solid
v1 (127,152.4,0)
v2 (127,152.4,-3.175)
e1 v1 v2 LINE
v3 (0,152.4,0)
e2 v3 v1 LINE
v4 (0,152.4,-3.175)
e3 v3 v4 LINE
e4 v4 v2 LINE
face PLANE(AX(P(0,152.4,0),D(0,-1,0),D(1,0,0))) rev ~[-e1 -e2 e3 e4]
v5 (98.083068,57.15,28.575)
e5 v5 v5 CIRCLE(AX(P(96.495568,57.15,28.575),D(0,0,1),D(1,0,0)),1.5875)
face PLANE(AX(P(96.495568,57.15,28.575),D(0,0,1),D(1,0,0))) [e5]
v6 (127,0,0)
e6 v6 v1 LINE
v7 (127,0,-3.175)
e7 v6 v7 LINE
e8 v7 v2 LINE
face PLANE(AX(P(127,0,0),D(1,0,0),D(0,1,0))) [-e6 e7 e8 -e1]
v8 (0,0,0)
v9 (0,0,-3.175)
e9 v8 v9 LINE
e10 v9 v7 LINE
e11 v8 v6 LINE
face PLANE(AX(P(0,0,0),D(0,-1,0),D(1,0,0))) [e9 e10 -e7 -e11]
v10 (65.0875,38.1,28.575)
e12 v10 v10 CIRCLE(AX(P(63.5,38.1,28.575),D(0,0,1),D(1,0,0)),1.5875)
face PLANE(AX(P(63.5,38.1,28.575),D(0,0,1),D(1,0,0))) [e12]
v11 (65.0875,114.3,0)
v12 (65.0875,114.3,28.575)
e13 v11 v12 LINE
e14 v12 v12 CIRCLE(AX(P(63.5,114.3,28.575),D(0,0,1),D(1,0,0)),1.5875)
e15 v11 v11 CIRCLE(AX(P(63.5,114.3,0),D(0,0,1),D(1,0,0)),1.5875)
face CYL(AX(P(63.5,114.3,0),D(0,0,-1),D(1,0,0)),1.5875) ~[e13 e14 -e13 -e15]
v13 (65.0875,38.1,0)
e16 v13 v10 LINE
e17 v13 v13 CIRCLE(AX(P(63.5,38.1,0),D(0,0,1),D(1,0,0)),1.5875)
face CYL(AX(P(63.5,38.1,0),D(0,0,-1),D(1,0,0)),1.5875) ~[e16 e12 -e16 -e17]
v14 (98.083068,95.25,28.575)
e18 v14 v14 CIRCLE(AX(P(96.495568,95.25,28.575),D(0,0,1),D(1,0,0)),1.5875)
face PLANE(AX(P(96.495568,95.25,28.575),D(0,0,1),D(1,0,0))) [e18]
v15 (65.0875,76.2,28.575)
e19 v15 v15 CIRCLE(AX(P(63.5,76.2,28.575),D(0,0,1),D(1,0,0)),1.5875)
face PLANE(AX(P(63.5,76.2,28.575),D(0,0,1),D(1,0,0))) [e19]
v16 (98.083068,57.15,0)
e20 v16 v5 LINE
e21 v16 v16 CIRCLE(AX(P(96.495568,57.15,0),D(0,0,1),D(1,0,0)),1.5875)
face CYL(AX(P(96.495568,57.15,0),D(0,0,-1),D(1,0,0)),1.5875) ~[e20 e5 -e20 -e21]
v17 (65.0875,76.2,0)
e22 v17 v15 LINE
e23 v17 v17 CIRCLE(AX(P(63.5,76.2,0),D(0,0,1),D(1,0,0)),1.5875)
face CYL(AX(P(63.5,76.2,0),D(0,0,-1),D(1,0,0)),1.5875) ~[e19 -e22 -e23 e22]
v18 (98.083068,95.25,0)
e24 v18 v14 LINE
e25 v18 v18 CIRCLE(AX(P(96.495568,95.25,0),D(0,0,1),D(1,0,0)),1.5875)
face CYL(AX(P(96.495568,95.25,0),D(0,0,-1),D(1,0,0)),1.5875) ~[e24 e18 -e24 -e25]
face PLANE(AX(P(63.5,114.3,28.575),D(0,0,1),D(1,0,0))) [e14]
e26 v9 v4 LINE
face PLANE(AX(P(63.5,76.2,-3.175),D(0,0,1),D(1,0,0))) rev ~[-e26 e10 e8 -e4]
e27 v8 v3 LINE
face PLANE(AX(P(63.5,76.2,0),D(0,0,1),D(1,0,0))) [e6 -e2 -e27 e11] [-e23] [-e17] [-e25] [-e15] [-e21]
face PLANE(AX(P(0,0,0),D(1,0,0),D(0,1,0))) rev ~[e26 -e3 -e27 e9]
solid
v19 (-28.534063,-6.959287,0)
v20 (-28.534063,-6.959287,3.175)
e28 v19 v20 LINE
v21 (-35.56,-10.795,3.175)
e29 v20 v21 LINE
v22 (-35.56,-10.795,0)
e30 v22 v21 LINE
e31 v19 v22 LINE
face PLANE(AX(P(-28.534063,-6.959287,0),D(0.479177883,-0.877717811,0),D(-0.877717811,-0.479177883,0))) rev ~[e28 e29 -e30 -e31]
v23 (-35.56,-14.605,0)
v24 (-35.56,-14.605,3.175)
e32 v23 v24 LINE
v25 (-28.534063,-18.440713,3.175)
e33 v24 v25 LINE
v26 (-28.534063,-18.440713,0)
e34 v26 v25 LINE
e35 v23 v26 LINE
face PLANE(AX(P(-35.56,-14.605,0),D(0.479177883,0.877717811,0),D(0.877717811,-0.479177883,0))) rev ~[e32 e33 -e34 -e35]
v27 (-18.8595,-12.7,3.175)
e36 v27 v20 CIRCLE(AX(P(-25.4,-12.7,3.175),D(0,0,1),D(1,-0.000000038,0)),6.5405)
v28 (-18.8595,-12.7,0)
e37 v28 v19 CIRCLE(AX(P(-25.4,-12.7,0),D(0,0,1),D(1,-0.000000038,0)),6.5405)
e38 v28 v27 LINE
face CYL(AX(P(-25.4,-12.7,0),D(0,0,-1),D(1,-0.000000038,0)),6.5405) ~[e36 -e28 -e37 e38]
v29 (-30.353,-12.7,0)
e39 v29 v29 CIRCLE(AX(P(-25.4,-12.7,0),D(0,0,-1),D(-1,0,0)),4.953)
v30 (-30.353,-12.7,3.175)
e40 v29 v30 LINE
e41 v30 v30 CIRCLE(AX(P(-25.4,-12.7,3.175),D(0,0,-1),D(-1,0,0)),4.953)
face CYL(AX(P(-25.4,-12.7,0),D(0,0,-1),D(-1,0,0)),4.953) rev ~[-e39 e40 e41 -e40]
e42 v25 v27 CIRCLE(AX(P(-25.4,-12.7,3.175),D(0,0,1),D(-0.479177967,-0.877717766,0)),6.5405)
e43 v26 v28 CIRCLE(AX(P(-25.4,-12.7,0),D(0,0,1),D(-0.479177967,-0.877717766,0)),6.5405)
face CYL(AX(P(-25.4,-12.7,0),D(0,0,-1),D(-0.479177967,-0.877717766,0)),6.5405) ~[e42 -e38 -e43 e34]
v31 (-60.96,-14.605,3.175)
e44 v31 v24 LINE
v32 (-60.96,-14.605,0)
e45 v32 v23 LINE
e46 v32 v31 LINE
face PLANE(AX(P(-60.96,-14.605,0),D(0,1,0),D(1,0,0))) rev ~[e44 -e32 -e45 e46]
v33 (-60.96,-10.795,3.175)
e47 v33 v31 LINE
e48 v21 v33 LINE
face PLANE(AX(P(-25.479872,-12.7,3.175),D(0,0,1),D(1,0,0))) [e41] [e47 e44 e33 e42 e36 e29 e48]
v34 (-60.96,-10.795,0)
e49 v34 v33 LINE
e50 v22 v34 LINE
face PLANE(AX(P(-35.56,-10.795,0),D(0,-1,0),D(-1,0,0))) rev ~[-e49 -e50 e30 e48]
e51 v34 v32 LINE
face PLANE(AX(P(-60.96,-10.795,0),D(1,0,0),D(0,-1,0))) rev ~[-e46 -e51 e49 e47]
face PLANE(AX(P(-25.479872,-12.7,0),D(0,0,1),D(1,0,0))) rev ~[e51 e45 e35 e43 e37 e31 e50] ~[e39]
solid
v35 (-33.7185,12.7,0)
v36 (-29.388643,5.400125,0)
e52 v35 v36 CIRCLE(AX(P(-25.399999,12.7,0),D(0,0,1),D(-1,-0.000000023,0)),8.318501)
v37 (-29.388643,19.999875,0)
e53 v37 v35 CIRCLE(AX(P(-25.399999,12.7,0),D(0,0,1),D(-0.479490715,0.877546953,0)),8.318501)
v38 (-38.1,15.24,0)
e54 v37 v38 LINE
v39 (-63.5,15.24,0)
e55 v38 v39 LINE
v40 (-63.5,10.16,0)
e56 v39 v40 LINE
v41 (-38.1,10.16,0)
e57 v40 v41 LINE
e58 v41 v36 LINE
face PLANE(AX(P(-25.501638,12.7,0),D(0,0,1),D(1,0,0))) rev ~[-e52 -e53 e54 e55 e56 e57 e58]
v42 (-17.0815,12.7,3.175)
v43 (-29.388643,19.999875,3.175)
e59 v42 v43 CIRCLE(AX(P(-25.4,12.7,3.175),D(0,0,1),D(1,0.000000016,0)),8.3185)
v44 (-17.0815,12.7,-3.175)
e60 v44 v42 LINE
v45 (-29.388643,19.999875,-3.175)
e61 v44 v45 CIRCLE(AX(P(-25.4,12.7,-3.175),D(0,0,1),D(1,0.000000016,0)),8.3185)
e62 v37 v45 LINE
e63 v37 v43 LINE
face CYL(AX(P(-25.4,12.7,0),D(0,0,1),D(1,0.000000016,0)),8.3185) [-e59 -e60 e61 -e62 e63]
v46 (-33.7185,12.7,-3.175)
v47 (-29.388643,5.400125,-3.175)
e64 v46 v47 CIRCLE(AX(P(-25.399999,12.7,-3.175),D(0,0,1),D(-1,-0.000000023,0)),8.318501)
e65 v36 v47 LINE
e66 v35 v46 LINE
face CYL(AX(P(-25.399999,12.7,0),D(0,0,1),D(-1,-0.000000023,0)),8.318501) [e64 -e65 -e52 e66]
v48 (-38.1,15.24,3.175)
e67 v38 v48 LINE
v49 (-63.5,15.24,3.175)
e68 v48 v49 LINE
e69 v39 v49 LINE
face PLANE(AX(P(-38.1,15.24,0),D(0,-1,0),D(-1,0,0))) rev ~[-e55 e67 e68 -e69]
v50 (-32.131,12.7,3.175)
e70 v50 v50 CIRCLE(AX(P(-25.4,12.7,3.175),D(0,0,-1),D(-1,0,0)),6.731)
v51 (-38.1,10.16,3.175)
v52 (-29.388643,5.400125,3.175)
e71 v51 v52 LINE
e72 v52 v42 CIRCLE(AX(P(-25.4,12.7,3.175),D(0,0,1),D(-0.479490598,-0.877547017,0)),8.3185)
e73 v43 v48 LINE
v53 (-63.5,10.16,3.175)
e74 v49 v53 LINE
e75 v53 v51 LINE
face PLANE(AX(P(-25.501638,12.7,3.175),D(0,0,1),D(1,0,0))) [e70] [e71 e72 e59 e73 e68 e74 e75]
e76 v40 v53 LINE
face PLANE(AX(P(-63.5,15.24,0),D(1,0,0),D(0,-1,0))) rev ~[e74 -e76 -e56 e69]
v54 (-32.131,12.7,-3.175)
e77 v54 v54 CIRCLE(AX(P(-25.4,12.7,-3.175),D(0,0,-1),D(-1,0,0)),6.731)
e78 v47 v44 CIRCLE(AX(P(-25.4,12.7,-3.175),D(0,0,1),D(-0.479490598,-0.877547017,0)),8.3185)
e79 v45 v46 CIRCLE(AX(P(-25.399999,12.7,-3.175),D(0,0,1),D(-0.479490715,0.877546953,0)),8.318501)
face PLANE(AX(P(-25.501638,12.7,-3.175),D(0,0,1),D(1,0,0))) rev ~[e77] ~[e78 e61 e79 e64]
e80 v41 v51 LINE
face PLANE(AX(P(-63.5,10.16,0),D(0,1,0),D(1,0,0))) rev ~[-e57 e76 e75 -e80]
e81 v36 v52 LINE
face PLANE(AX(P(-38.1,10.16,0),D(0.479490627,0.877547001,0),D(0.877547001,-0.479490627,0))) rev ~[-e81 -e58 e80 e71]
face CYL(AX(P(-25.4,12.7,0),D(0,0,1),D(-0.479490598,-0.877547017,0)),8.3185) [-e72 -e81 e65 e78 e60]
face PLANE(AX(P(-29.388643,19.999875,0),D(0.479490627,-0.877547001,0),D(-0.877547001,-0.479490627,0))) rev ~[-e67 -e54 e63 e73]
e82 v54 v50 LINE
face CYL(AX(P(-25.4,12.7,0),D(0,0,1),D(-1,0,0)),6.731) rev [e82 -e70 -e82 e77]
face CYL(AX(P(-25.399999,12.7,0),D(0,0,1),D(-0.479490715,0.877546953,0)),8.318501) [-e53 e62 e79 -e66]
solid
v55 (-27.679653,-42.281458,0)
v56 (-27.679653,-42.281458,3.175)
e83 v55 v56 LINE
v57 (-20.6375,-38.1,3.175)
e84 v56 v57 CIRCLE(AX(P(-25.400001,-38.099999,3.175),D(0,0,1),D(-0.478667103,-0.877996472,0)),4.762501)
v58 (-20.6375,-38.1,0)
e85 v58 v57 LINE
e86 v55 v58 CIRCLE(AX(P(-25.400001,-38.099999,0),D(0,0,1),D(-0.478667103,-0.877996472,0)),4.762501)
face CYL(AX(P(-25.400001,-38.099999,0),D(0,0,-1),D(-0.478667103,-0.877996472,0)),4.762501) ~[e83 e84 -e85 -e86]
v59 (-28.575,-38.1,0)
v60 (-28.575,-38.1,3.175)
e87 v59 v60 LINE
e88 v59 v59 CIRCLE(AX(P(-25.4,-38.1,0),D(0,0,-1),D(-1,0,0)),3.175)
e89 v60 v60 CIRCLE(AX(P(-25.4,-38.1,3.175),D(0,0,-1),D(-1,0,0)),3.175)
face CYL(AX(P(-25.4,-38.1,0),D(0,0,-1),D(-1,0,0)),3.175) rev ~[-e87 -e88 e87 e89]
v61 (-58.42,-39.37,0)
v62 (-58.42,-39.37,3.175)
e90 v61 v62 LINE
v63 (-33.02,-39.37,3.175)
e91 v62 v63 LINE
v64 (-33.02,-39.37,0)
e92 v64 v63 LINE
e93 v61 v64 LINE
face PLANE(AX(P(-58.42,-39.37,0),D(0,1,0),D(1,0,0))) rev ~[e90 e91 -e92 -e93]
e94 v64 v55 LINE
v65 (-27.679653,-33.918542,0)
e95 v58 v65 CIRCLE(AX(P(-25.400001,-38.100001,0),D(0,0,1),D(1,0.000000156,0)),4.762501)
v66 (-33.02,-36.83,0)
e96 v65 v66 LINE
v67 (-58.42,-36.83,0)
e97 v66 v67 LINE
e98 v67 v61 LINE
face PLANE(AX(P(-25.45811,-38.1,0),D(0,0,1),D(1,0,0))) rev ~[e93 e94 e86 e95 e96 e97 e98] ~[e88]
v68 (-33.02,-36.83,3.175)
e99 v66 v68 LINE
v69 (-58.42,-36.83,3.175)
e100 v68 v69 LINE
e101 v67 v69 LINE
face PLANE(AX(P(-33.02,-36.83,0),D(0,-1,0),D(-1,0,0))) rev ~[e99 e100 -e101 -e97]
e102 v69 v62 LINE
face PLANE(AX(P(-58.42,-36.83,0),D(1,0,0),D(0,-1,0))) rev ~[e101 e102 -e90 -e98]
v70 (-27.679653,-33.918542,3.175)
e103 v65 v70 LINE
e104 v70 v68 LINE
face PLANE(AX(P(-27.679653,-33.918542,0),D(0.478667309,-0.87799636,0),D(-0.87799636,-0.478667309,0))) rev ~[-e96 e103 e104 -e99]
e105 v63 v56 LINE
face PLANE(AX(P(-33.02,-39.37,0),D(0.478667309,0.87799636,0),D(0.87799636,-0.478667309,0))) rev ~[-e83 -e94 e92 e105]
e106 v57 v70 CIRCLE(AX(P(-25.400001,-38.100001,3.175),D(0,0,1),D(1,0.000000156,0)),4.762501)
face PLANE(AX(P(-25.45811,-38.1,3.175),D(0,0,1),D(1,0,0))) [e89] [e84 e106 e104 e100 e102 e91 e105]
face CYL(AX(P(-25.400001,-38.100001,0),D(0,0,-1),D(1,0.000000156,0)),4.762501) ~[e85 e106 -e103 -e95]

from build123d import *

# Parameters (mm, degrees)
F0_W     = 127
F0_H     = 152.4
F0_R     = 1.5875
F1_DEPTH = 3.175
F2_DEPTH = 28.575
F3_DEPTH = 3.175
F4_DEPTH = 3.175
F5_DEPTH = 3.175
F6_DEPTH = 3.175


with BuildPart() as f1:
    # F0 (on Top) → F1 (new body)
    with BuildSketch(Plane.XY):
        with Locations((63.5, 76.2)):
            Rectangle(F0_W, F0_H)
        with Locations((63.5, 38.1)):
            Circle(F0_R, mode=Mode.SUBTRACT)
        with Locations((30.504432, 57.15)):
            Circle(F0_R, mode=Mode.SUBTRACT)
        with Locations((30.504432, 95.25)):
            Circle(F0_R, mode=Mode.SUBTRACT)
        with Locations((63.5, 76.2)):
            Circle(F0_R, mode=Mode.SUBTRACT)
        with Locations((96.495568, 57.15)):
            Circle(F0_R, mode=Mode.SUBTRACT)
        with Locations((96.495568, 95.25)):
            Circle(F0_R, mode=Mode.SUBTRACT)
        with Locations((63.5, 114.3)):
            Circle(F0_R, mode=Mode.SUBTRACT)
        with Locations((63.5, 114.3)):
            Circle(F0_R)
        with Locations((96.495568, 95.25)):
            Circle(F0_R)
        with Locations((96.495568, 57.15)):
            Circle(F0_R)
        with Locations((63.5, 38.1)):
            Circle(F0_R)
        with Locations((30.504432, 57.15)):
            Circle(F0_R)
        with Locations((30.504432, 95.25)):
            Circle(F0_R)
        with Locations((63.5, 76.2)):
            Circle(F0_R)
    extrude(amount=-F1_DEPTH)

    # F0 (on Top) → F2 (join)
    with BuildSketch(Plane.XY):
        with Locations((63.5, 114.3)):
            Circle(F0_R)
        with Locations((96.495568, 95.25)):
            Circle(F0_R)
        with Locations((63.5, 76.2)):
            Circle(F0_R)
        with Locations((96.495568, 57.15)):
            Circle(F0_R)
        with Locations((63.5, 38.1)):
            Circle(F0_R)
    extrude(amount=F2_DEPTH)


with BuildPart() as f3:
    # F0 (on Top) → F3 (new body)
    with BuildSketch(Plane.XY):
        with BuildLine():
            ThreePointArc((-29.388643, 5.400125), (-21.156304, 5.545387), (-17.0815, 12.7))
            ThreePointArc((-17.0815, 12.7), (-21.156304, 19.854613), (-29.388643, 19.999875))
            ThreePointArc((-29.388643, 19.999875), (-32.554613, 16.943696), (-33.7185, 12.7))
            ThreePointArc((-33.7185, 12.7), (-32.554613, 8.456304), (-29.388643, 5.400125))
        make_face()
        with BuildLine():
            ThreePointArc((-18.669, 12.7), (-25.4, 5.969), (-32.131, 12.7))
            ThreePointArc((-32.131, 12.7), (-25.4, 19.431), (-18.669, 12.7))
        make_face(mode=Mode.SUBTRACT)
        with BuildLine():
            ThreePointArc((-33.7185, 12.7), (-32.554613, 16.943696), (-29.388643, 19.999875))
            Line((-29.388643, 19.999875), (-38.1, 15.24))
            Line((-38.1, 15.24), (-38.1, 12.7))
            Line((-38.1, 12.7), (-33.7185, 12.7))
        make_face()
        with BuildLine():
            Line((-38.1, 10.16), (-29.388643, 5.400125))
            ThreePointArc((-29.388643, 5.400125), (-32.554613, 8.456304), (-33.7185, 12.7))
            Line((-33.7185, 12.7), (-38.1, 12.7))
            Line((-38.1, 12.7), (-38.1, 10.16))
        make_face()
        Polygon((-38.1, 12.7), (-38.1, 15.24), (-63.5, 15.24), (-63.5, 10.16), (-38.1, 10.16), align=None)
    extrude(amount=F3_DEPTH)

    # F0 (on Top) → F4 (join)
    with BuildSketch(Plane.XY):
        with BuildLine():
            ThreePointArc((-29.388643, 5.400125), (-21.156304, 5.545387), (-17.0815, 12.7))
            ThreePointArc((-17.0815, 12.7), (-21.156304, 19.854613), (-29.388643, 19.999875))
            ThreePointArc((-29.388643, 19.999875), (-32.554613, 16.943696), (-33.7185, 12.7))
            ThreePointArc((-33.7185, 12.7), (-32.554613, 8.456304), (-29.388643, 5.400125))
        make_face()
        with BuildLine():
            ThreePointArc((-18.669, 12.7), (-25.4, 5.969), (-32.131, 12.7))
            ThreePointArc((-32.131, 12.7), (-25.4, 19.431), (-18.669, 12.7))
        make_face(mode=Mode.SUBTRACT)
    extrude(amount=-F4_DEPTH)


with BuildPart() as f5:
    # F0 (on Top) → F5 (new body)
    with BuildSketch(Plane.XY):
        with BuildLine():
            ThreePointArc((-28.534063, -18.440713), (-22.062351, -18.324788), (-18.8595, -12.7))
            ThreePointArc((-18.8595, -12.7), (-22.062351, -7.075212), (-28.534063, -6.959287))
            ThreePointArc((-28.534063, -6.959287), (-31.024788, -9.362351), (-31.9405, -12.7))
            ThreePointArc((-31.9405, -12.7), (-31.024788, -16.037649), (-28.534063, -18.440713))
        make_face()
        with BuildLine():
            ThreePointArc((-20.447, -12.7), (-25.4, -17.653), (-30.353, -12.7))
            ThreePointArc((-30.353, -12.7), (-25.4, -7.747), (-20.447, -12.7))
        make_face(mode=Mode.SUBTRACT)
        with BuildLine():
            Line((-35.56, -14.605), (-28.534063, -18.440713))
            ThreePointArc((-28.534063, -18.440713), (-31.024788, -16.037649), (-31.9405, -12.7))
            Line((-31.9405, -12.7), (-35.56, -12.7))
            Line((-35.56, -12.7), (-35.56, -14.605))
        make_face()
        with BuildLine():
            ThreePointArc((-31.9405, -12.7), (-31.024788, -9.362351), (-28.534063, -6.959287))
            Line((-28.534063, -6.959287), (-35.56, -10.795))
            Line((-35.56, -10.795), (-35.56, -12.7))
            Line((-35.56, -12.7), (-31.9405, -12.7))
        make_face()
        Polygon((-35.56, -12.7), (-35.56, -10.795), (-60.96, -10.795), (-60.96, -14.605), (-35.56, -14.605), align=None)
    extrude(amount=F5_DEPTH)


with BuildPart() as f6:
    # F0 (on Top) → F6 (new body)
    with BuildSketch(Plane.XY):
        with BuildLine():
            ThreePointArc((-27.679653, -42.281458), (-22.968482, -42.195012), (-20.6375, -38.1))
            ThreePointArc((-20.6375, -38.1), (-22.968482, -34.004988), (-27.679653, -33.918542))
            ThreePointArc((-27.679653, -33.918542), (-29.495012, -35.668482), (-30.1625, -38.1))
            ThreePointArc((-30.1625, -38.1), (-29.495012, -40.531518), (-27.679653, -42.281458))
        make_face()
        with BuildLine():
            ThreePointArc((-22.225, -38.1), (-25.4, -41.275), (-28.575, -38.1))
            ThreePointArc((-28.575, -38.1), (-25.4, -34.925), (-22.225, -38.1))
        make_face(mode=Mode.SUBTRACT)
        with BuildLine():
            ThreePointArc((-30.1625, -38.1), (-29.495012, -35.668482), (-27.679653, -33.918542))
            Line((-27.679653, -33.918542), (-33.02, -36.83))
            Line((-33.02, -36.83), (-33.02, -38.1))
            Line((-33.02, -38.1), (-30.1625, -38.1))
        make_face()
        with BuildLine():
            Line((-33.02, -39.37), (-27.679653, -42.281458))
            ThreePointArc((-27.679653, -42.281458), (-29.495012, -40.531518), (-30.1625, -38.1))
            Line((-30.1625, -38.1), (-33.02, -38.1))
            Line((-33.02, -38.1), (-33.02, -39.37))
        make_face()
        Polygon((-33.02, -38.1), (-33.02, -36.83), (-58.42, -36.83), (-58.42, -39.37), (-33.02, -39.37), align=None)
    extrude(amount=F6_DEPTH)


solid = Compound([f1.part, f3.part, f5.part, f6.part])
